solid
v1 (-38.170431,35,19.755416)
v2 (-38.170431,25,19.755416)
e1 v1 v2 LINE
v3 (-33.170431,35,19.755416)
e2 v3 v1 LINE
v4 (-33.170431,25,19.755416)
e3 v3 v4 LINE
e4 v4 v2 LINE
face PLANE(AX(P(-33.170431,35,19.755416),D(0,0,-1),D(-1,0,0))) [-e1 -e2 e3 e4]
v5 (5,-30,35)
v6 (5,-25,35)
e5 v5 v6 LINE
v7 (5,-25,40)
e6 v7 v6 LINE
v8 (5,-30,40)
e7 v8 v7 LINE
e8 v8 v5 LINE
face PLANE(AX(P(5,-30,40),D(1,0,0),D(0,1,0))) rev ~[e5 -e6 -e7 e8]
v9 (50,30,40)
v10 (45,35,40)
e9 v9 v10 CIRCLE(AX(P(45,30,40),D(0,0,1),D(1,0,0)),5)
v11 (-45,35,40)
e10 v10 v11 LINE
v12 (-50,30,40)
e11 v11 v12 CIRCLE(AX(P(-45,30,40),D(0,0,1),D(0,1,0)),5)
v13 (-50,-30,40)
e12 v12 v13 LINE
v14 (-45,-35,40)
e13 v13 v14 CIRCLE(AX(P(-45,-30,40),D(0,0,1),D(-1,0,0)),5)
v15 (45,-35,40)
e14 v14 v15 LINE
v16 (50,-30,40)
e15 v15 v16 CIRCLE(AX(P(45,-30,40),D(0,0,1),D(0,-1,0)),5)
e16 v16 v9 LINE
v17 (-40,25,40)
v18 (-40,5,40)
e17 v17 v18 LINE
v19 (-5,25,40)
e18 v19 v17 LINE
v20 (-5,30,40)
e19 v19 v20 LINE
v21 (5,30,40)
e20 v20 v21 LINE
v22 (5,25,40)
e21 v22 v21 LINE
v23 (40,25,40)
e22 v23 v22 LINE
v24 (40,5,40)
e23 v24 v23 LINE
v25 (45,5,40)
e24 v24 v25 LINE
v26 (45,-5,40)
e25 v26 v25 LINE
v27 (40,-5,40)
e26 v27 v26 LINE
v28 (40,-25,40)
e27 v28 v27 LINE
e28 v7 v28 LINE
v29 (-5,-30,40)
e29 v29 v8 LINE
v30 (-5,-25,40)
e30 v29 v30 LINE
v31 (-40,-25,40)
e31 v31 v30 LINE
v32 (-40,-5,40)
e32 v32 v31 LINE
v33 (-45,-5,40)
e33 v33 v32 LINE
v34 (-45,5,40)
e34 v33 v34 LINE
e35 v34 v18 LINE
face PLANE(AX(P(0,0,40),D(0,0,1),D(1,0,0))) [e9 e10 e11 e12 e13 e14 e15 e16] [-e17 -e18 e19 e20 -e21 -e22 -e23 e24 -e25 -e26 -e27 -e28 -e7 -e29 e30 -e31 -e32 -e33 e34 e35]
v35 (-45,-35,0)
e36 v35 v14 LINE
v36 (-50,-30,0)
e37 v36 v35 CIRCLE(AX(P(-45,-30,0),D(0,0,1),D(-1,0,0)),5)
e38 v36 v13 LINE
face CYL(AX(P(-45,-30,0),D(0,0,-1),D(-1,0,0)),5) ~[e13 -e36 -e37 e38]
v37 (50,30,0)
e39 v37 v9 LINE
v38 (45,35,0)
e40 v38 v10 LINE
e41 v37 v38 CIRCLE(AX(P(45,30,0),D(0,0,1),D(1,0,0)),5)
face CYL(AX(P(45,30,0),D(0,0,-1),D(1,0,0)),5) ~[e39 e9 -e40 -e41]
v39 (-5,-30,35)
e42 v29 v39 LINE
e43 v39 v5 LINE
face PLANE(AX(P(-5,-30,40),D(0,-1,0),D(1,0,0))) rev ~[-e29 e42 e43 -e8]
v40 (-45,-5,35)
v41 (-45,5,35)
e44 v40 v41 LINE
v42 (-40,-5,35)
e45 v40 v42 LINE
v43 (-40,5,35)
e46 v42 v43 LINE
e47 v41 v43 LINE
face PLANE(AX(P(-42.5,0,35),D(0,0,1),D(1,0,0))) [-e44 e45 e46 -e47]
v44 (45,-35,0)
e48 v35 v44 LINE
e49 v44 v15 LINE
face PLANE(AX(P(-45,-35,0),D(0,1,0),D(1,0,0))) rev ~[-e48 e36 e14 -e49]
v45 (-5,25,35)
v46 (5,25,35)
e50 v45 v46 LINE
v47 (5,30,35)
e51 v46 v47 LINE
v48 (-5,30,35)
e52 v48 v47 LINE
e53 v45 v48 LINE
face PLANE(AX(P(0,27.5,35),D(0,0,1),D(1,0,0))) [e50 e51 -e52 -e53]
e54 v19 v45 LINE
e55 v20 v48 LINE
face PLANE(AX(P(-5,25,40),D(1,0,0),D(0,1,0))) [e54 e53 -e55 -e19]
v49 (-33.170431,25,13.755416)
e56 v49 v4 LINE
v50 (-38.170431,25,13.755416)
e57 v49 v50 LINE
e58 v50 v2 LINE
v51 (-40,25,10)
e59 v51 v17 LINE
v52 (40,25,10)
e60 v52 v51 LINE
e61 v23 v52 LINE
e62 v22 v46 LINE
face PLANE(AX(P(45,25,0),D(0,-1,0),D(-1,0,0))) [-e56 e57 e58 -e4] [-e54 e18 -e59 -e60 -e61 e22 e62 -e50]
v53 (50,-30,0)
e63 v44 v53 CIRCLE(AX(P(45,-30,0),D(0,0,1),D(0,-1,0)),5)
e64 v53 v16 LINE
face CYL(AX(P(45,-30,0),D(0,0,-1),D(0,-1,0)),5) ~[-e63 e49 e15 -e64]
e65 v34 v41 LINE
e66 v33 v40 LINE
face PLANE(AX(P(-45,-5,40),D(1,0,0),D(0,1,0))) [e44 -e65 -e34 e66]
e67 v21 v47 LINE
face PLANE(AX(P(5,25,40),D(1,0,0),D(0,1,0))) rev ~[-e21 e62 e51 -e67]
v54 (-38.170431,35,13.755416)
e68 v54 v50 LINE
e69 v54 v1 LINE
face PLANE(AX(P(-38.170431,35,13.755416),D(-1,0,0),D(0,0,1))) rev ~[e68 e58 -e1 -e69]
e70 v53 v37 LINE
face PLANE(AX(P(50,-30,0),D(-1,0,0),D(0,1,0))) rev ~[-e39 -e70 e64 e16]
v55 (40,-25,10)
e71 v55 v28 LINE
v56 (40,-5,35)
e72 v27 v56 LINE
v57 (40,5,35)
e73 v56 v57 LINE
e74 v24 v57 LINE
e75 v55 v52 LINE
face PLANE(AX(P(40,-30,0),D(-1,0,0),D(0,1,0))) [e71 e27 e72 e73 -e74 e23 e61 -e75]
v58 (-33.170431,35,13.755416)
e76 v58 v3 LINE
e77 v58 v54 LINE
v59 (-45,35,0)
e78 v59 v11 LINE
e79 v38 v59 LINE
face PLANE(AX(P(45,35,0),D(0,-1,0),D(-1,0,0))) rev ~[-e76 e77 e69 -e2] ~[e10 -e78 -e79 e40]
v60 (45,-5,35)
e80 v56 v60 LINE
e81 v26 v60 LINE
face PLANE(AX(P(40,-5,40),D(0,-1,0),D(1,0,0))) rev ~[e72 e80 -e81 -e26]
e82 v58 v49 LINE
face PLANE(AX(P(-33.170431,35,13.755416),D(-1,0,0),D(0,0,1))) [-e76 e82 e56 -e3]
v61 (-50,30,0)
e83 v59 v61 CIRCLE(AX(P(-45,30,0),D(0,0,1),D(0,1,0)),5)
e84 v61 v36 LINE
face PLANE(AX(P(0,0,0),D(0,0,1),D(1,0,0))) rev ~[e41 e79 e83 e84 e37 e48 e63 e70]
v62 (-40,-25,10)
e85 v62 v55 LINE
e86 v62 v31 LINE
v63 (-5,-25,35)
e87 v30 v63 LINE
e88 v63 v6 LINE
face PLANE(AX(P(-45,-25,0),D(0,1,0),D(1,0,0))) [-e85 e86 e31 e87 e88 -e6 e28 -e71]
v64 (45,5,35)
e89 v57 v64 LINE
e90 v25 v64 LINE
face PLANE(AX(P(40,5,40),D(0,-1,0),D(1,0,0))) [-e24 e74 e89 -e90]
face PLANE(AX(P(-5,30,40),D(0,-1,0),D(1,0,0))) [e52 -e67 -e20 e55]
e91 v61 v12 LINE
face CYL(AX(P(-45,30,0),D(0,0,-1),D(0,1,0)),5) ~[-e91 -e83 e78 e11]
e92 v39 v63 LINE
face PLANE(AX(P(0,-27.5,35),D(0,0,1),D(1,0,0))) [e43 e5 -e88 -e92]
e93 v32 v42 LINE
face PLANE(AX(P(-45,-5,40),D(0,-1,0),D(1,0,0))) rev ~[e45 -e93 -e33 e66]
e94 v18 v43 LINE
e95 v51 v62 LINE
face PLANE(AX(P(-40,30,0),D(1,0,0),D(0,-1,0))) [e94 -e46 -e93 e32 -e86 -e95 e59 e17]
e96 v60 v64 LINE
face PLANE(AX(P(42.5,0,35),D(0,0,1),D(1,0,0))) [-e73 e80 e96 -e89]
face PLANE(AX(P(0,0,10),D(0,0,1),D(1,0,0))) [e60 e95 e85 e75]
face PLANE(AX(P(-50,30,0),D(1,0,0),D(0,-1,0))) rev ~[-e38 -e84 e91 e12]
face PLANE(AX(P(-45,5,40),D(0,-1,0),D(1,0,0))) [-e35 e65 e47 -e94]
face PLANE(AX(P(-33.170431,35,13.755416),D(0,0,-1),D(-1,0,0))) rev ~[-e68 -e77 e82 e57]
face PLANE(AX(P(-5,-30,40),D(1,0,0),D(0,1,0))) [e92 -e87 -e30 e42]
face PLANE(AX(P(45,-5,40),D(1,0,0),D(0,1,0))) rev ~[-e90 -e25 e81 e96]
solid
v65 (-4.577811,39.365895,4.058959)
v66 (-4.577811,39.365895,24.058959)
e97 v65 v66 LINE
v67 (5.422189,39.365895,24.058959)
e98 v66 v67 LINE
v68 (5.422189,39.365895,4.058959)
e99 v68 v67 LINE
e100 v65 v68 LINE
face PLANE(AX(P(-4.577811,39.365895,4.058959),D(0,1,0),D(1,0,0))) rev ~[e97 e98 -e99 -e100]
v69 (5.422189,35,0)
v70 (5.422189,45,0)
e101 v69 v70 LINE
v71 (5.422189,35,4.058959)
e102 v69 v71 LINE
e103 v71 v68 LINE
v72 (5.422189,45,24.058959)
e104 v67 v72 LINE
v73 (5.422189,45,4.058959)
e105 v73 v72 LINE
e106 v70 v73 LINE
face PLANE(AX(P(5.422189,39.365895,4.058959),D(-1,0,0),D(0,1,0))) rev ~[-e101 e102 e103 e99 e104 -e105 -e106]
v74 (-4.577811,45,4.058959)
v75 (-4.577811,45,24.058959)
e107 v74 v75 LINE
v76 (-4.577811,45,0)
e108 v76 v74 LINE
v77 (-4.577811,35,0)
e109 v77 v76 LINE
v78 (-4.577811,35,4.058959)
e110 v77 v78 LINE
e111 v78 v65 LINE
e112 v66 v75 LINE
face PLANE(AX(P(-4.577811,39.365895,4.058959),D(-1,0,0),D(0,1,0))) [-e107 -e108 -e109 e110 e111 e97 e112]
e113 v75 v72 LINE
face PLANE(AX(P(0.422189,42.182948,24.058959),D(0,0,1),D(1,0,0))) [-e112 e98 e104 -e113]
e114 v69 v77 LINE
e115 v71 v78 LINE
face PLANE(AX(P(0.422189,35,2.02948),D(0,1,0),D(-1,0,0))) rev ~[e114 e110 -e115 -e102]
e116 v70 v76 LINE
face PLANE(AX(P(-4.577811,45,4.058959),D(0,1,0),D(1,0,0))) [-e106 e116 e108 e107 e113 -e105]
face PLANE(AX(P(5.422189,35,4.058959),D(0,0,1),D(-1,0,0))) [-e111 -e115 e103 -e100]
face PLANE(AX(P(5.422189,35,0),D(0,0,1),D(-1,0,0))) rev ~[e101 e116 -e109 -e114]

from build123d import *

# Parameters (mm, degrees)
F1_DEPTH  = 40
F2_T      = -10
F3_W      = 10
F3_H      = 4.0589590073
F4_DEPTH  = 10
F5_W      = 10
F5_H      = 5.6341049075
F6_DEPTH  = 20
F7_W      = 10
F7_H      = 5
F7_W_2    = 5
F7_H_2    = 10
F8_DEPTH  = 5
F9_W      = 5
F9_H      = 6
F10_DEPTH = 10


with BuildPart() as f1:
    # F0 (on Top) → F1 (new body)
    with BuildSketch(Plane.XY):
        with BuildLine():
            Line((45, 35), (-45, 35))
            ThreePointArc((-45, 35), (-48.5355339059, 33.5355339059), (-50, 30))
            Line((-50, 30), (-50, -30))
            ThreePointArc((-50, -30), (-48.5355339059, -33.5355339059), (-45, -35))
            Line((-45, -35), (45, -35))
            ThreePointArc((45, -35), (48.5355339059, -33.5355339059), (50, -30))
            Line((50, -30), (50, 30))
            ThreePointArc((50, 30), (48.5355339059, 33.5355339059), (45, 35))
        make_face()
    extrude(amount=F1_DEPTH)

    # F2
    f2_openings = [f1.faces().sort_by_distance(p)[0] for p in [
        (0, 0, 40),
    ]]
    offset(amount=F2_T, openings=f2_openings)

    # F7 (on face) → F8 (cut)
    with BuildSketch(Plane.XY.offset(40)):
        with Locations((0, 27.5)):
            Rectangle(F7_W, F7_H)
        with Locations((-42.5, 0)):
            Rectangle(F7_W_2, F7_H_2)
        with Locations((42.5, 0)):
            Rectangle(F7_W_2, F7_H_2)
        with Locations((0, -27.5)):
            Rectangle(F7_W, F7_H)
    extrude(amount=-F8_DEPTH, mode=Mode.SUBTRACT)

    # F9 (on face) → F10 (cut)
    with BuildSketch(Plane(origin=(0, 35, 0), x_dir=(-1, 0, 0), z_dir=(0, 1, 0))):
        with Locations((35.6704313308, 16.7554157438)):
            Rectangle(F9_W, F9_H)
    extrude(amount=-F10_DEPTH, mode=Mode.SUBTRACT)


with BuildPart() as f4:
    # F3 (on face) → F4 (new body)
    with BuildSketch(Plane(origin=(0, 35, 0), x_dir=(-1, 0, 0), z_dir=(0, 1, 0))):
        with Locations((-0.4221891332, 2.0294795036)):
            Rectangle(F3_W, F3_H)
    extrude(amount=F4_DEPTH)

    # F5 (on face) → F6 (join)
    with BuildSketch(Plane.XY.offset(4.0589590073)):
        with Locations((0.4221891332, 42.1829475462)):
            Rectangle(F5_W, F5_H)
    extrude(amount=F6_DEPTH)


solid = Compound([f1.part, f4.part])
